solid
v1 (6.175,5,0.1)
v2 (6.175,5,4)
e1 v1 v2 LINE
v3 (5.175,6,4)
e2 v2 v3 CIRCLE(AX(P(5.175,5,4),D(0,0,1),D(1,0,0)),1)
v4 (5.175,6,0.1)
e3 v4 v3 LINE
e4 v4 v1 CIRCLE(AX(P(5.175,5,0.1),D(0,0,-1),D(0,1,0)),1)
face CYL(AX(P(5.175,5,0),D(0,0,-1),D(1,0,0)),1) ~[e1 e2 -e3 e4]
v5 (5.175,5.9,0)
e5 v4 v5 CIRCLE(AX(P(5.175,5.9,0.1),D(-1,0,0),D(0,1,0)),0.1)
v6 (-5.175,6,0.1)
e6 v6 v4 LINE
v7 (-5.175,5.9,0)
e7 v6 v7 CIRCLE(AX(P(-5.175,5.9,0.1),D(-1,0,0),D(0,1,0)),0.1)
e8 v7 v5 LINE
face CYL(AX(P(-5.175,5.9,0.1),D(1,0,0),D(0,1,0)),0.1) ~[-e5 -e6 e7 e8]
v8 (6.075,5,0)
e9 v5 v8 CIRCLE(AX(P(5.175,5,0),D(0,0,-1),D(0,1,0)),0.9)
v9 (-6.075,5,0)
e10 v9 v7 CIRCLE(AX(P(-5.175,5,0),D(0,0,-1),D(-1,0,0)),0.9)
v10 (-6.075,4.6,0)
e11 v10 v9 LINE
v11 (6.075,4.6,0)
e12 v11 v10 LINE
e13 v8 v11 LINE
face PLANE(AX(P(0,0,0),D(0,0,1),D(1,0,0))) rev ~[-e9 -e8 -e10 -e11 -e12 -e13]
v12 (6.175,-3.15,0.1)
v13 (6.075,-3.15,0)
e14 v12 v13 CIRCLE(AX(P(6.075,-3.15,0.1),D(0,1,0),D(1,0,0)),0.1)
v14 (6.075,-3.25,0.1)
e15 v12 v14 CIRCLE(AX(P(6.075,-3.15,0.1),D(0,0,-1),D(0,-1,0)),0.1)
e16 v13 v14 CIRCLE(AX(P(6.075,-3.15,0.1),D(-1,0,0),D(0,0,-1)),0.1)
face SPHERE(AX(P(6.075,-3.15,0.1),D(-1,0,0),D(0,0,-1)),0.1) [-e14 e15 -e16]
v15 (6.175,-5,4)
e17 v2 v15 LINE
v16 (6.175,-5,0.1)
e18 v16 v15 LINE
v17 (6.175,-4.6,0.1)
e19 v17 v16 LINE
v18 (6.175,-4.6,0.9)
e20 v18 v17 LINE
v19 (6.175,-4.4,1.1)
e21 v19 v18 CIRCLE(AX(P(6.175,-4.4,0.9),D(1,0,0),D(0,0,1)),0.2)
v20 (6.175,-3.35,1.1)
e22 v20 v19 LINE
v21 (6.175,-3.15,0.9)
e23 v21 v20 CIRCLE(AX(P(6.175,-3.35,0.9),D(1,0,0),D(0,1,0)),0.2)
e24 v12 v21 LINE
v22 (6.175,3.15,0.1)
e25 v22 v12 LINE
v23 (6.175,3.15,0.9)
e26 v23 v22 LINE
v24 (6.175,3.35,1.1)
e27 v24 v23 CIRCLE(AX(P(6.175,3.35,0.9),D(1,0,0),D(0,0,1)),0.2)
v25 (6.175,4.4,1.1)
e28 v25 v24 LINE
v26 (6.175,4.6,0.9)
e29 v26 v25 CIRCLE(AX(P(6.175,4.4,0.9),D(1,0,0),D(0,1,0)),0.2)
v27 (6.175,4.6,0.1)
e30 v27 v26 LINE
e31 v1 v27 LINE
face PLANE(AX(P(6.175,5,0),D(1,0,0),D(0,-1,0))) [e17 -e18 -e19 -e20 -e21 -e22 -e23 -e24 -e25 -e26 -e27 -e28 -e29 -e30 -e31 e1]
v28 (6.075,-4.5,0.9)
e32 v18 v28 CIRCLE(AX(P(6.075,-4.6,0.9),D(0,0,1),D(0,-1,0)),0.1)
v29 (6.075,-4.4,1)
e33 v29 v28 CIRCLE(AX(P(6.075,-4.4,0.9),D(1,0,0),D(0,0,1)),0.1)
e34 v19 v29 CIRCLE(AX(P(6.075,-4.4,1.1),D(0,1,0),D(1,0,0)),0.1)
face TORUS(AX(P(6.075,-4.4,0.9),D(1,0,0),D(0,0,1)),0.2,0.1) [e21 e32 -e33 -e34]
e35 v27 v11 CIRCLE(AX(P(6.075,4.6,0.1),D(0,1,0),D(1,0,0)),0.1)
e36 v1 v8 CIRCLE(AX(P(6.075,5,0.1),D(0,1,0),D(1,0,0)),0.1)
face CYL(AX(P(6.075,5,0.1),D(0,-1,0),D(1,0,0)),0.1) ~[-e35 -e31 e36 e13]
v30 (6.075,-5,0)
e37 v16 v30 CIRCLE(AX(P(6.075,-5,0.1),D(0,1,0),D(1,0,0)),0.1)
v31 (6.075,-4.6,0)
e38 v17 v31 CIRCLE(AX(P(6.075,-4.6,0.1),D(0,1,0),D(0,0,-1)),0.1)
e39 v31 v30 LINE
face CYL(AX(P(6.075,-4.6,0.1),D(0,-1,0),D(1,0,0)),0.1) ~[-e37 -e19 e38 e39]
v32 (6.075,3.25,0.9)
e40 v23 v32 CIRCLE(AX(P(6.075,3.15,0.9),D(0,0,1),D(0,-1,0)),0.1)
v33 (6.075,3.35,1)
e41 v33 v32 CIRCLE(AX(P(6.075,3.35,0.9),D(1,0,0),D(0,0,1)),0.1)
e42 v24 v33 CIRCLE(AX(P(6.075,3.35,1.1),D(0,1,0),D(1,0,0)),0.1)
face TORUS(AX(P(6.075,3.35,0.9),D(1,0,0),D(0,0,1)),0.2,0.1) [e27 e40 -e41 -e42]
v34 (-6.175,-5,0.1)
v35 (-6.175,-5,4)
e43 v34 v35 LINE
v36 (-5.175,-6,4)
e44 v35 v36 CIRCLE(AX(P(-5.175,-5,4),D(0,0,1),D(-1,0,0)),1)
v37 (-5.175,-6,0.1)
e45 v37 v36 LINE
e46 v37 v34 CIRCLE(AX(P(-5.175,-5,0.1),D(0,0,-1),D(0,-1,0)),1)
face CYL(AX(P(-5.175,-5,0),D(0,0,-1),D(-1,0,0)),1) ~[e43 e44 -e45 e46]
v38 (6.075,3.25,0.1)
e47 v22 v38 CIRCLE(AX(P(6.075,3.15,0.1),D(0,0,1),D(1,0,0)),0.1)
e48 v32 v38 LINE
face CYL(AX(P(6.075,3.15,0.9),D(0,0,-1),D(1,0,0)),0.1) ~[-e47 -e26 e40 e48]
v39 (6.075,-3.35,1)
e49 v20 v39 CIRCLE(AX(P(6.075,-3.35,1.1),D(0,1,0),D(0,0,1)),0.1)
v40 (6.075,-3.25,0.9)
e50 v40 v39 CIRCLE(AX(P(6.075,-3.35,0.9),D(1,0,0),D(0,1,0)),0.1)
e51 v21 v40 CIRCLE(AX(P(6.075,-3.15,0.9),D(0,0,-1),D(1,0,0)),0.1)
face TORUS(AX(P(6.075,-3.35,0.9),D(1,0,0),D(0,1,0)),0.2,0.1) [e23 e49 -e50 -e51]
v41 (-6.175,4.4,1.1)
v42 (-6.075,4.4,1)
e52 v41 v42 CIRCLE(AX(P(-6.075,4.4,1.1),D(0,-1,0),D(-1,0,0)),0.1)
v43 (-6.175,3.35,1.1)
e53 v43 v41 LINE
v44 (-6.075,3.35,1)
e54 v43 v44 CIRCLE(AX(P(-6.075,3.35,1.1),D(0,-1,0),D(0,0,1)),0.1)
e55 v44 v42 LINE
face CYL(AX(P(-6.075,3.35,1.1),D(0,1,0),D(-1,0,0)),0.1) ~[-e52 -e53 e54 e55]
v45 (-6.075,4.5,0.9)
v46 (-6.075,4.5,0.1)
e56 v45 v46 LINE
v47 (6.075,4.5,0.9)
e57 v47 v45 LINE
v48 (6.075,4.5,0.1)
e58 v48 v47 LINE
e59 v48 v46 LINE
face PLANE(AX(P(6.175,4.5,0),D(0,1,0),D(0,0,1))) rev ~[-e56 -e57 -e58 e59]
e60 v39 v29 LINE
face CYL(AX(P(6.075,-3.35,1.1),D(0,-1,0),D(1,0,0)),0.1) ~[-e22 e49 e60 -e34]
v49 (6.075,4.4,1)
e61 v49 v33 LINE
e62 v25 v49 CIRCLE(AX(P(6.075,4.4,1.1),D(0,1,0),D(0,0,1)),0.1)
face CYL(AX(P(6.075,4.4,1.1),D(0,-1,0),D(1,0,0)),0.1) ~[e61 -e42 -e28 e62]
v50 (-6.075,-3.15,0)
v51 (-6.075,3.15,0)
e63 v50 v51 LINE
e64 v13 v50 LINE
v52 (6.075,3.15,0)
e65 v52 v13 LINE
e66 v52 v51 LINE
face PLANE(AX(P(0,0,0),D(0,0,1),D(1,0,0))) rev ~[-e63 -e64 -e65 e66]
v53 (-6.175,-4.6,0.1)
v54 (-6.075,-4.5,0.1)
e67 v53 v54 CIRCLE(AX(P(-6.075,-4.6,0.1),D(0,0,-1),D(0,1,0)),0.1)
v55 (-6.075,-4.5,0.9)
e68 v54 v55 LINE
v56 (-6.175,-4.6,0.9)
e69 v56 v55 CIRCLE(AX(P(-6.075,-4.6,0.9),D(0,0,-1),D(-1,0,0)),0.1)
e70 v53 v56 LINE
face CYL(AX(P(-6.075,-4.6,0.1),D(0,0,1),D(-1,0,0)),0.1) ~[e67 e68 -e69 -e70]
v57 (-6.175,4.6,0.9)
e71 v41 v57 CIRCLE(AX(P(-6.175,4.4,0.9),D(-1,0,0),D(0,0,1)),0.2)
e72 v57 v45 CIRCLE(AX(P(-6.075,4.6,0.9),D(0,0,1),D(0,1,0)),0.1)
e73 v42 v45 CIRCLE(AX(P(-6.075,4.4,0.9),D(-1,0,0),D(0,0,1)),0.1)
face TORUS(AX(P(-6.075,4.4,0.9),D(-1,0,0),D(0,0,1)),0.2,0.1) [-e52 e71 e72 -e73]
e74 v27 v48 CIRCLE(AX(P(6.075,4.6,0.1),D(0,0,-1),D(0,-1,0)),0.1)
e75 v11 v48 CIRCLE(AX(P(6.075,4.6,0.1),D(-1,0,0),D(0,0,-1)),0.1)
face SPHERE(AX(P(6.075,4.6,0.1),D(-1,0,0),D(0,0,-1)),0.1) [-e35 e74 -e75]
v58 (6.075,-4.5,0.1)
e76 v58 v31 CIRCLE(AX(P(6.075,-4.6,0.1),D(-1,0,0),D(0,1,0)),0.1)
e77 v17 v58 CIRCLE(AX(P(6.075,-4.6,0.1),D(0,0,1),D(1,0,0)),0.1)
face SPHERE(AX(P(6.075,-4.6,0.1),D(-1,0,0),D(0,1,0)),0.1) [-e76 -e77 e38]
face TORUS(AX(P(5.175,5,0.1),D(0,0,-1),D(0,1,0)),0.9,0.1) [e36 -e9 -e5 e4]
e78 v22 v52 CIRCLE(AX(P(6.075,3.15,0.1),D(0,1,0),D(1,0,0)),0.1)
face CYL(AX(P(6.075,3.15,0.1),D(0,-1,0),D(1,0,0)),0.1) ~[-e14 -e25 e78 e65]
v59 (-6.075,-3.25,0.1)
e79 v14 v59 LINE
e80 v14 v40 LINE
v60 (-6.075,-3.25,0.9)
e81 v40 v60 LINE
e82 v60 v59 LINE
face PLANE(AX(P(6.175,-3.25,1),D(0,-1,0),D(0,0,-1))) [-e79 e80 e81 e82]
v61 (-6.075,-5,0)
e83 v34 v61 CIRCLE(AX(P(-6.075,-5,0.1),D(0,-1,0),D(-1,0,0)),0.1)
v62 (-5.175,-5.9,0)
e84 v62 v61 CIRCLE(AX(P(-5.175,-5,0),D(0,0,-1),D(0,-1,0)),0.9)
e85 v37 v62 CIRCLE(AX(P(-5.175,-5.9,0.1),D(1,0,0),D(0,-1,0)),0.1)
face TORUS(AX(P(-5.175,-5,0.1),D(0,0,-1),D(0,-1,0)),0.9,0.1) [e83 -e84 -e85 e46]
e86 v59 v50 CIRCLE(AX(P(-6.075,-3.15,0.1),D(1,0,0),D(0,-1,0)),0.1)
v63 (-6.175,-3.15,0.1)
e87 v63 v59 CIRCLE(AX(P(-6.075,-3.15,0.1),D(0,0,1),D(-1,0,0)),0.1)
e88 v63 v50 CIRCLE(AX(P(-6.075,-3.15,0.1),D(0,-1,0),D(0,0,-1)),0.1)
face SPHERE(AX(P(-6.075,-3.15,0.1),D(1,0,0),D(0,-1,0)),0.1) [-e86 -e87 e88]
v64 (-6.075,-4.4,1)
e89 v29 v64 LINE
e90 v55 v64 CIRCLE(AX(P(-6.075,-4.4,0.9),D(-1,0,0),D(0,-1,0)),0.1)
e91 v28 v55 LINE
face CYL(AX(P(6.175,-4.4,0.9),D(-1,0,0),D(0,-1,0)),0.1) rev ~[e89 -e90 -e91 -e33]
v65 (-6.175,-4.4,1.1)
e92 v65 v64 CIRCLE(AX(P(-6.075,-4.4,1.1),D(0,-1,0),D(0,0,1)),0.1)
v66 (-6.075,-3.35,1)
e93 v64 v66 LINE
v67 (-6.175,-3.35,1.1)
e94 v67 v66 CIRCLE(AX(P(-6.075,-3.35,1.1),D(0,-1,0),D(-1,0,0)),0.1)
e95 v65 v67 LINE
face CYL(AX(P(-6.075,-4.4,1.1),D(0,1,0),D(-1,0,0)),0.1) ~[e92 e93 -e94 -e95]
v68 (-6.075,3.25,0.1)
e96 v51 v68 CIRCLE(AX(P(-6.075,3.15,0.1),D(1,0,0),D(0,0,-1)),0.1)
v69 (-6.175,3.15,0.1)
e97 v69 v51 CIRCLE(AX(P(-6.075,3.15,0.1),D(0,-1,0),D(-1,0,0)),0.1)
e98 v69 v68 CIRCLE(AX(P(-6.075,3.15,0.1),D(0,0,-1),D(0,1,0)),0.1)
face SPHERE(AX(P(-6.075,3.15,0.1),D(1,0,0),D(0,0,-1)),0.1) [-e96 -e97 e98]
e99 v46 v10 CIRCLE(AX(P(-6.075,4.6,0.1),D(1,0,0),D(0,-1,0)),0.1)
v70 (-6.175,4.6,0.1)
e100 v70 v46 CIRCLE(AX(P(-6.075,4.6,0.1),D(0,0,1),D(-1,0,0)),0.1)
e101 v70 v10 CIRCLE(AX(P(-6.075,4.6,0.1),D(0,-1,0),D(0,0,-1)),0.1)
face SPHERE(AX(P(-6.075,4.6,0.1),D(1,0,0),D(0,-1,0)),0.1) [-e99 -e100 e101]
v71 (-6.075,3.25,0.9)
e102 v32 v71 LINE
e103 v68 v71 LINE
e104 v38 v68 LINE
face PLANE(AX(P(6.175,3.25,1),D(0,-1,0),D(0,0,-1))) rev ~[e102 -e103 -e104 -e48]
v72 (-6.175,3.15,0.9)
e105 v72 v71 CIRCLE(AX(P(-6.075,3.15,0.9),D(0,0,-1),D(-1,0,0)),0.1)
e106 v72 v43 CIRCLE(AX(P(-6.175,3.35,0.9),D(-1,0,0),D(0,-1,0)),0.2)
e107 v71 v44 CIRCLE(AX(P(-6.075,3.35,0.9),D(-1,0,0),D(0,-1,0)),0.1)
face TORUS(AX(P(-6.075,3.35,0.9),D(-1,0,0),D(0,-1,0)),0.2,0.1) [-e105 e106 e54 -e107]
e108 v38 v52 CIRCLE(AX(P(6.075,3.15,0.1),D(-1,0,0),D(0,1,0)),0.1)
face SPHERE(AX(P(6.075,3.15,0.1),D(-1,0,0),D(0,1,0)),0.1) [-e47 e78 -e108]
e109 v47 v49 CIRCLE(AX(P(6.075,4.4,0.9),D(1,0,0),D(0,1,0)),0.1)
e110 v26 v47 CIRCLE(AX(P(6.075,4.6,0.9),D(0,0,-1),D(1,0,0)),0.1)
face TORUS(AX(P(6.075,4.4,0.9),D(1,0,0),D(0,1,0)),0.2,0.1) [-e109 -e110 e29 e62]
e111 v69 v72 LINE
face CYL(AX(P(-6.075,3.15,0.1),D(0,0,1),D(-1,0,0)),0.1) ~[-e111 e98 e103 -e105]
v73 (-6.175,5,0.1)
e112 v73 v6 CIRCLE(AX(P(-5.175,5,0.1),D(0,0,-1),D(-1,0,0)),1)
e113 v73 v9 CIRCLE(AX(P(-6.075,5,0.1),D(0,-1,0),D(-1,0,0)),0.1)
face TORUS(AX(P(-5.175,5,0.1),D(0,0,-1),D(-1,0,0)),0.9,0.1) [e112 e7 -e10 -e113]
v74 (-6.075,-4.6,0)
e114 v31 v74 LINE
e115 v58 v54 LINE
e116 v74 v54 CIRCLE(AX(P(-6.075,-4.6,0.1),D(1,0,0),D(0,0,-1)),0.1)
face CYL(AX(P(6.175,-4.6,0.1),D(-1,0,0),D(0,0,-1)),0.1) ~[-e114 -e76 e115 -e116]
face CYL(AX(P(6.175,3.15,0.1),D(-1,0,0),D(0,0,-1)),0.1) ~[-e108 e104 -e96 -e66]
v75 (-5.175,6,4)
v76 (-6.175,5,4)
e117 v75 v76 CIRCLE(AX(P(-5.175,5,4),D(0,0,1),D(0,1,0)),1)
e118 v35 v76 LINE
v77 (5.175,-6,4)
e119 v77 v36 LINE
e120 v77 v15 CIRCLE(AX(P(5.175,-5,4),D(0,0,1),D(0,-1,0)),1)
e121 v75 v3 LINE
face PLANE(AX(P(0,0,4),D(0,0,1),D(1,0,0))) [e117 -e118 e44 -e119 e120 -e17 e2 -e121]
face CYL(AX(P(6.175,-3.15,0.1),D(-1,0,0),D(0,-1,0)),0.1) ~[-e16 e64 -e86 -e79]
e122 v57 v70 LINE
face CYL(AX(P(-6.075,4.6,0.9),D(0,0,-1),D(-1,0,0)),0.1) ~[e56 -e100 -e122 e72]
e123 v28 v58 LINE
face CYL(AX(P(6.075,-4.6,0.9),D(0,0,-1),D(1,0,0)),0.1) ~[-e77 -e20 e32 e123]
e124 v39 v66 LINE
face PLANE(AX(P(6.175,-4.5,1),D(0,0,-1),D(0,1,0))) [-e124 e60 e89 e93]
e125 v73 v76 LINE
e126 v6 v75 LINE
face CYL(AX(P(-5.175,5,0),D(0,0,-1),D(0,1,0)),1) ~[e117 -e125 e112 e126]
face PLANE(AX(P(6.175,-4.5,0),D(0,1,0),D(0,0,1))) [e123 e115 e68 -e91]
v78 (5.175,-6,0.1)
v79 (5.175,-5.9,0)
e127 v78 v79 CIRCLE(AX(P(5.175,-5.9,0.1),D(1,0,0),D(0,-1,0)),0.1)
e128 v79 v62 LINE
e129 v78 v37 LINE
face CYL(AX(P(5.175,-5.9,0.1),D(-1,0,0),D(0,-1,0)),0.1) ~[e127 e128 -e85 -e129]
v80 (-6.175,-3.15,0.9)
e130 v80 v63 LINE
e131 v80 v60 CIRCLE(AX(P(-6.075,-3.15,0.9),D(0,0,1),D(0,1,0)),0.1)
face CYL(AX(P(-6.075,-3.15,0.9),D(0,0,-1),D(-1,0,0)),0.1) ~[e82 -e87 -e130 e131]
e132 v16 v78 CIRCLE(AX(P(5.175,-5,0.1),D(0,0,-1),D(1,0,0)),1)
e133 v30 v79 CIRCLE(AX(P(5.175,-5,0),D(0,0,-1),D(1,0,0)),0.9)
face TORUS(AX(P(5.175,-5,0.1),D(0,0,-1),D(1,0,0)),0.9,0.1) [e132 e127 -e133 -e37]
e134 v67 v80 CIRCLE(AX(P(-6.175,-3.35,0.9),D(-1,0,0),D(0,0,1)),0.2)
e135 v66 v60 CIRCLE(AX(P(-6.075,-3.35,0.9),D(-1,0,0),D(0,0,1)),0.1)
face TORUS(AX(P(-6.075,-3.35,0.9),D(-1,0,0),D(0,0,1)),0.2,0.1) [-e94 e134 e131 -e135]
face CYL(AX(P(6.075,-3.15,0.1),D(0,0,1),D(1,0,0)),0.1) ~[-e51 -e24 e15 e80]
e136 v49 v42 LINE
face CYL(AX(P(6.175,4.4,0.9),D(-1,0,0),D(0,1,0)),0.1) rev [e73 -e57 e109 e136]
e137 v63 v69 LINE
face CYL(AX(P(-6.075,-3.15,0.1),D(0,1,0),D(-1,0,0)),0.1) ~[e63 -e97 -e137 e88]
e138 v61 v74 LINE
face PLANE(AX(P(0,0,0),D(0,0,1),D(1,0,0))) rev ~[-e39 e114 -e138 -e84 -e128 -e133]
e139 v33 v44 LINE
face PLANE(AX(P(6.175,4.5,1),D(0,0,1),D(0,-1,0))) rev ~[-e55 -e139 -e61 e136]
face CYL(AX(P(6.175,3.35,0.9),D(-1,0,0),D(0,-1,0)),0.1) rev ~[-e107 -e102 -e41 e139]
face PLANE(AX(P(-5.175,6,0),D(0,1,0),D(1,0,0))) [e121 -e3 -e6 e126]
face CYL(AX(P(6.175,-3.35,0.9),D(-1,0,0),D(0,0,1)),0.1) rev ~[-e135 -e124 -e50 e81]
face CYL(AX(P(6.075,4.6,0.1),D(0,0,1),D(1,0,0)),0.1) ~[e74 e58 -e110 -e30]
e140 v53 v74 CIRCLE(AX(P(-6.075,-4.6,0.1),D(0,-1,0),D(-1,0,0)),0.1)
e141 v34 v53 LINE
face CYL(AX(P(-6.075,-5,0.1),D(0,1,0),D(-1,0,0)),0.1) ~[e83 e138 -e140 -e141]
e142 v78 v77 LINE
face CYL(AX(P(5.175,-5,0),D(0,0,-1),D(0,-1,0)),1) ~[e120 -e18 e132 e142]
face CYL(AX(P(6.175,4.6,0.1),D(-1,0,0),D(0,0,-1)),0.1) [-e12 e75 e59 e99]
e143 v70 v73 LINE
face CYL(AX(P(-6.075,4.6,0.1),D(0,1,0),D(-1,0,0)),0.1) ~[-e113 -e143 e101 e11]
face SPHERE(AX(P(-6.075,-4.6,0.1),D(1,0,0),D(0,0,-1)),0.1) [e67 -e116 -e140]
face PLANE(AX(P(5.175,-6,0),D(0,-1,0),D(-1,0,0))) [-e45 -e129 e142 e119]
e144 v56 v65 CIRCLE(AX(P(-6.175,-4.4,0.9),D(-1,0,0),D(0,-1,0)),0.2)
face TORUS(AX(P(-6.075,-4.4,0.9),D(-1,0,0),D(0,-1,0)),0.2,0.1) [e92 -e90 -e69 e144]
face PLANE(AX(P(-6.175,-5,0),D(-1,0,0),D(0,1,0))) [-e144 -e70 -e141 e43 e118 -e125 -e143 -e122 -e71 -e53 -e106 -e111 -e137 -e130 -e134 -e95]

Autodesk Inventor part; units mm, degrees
ref_plane "YZ Plane" through (0, 0, 0) normal (1, 0, 0) x (0, 1, 0)
ref_plane "XZ Plane" through (0, 0, 0) normal (0, 1, 0) x (-1, 0, 0)
ref_plane "XY Plane" through (0, 0, 0) normal (0, 0, 1) x (1, 0, 0)
sketch "Sketch1" plane through (0, 0, 0) normal (0, 0, 1) x (1, 0, 0)
  line L0 (-5.175, 6) -> (5.175, 6)
  line L1 (6.175, 5) -> (6.175, -5)
  line L2 (5.175, -6) -> (-5.175, -6)
  line L3 (-6.175, -5) -> (-6.175, 5)
  arc A0 (-5.175, 6) -> (-6.175, 5) centre (-5.175, 5) ccw
  arc A1 (6.175, 5) -> (5.175, 6) centre (5.175, 5) ccw
  arc A2 (-6.175, -5) -> (-5.175, -6) centre (-5.175, -5) ccw
  arc A3 (5.175, -6) -> (6.175, -5) centre (5.175, -5) ccw
  point P0 (0, 0)
  point P1 (0, 6)
  point P2 (-6.175, 0)
  dimension "d0" = 12.35
  dimension "d1" = 12
  dimension "d2" = 1
extrude "Extrusion1" add sketch "Sketch1" along normal blind 4
sketch "Sketch2" plane through (6.175, -5, 0) normal (1, 0, 0) x (0, 0, -1)
  line L0 (0, 10) -> (0, 0) projected
  line L1 (0, 9.5) -> (-1, 9.5)
  line L2 (-1, 9.5) -> (-1, 8.25)
  line L3 (-1, 8.25) -> (0, 8.25)
  line L4 (0, 8.25) -> (0, 9.5)
  line L5 (0, 0.5) -> (-1, 0.5)
  line L6 (-1, 0.5) -> (-1, 1.75)
  line L7 (-1, 1.75) -> (0, 1.75)
  line L8 (0, 1.75) -> (0, 0.5)
  point P0 (0, 5)
  dimension "d5" = 1.25
  dimension "d6" = 1.25
  dimension "d11" = 1
  dimension "d12" = 1
extrude "Extrusion2" cut sketch "Sketch2" against normal through all
fillet "Fillet1" radius 0.1 8 edges at (0, -4.5, 0) (0, -4.5, 1) (0, -3.25, 1) (0, -3.25, 0) (0, 3.25, 1) (0, 4.5, 1) (0, 4.5, 0) (0, 3.25, 0)
fillet "Fillet2" radius 0.1 40 edges at (6.175, 0, 0) (6.175, -3.2207, 0.0293) (6.175, -3.25, 0.5) (6.175, -3.2793, 0.9707) (6.175, -3.875, 1) (6.175, -4.4707, 0.9707) (6.175, -4.5, 0.5) (6.175, -4.5293, 0.0293) (6.175, -4.8, 0) (5.8821, -5.7071, 0) (0, -6, 0) (-5.8821, -5.7071, 0) (-6.175, -4.8, 0) (-6.175, -4.5293, 0.0293) (-6.175, -4.5, 0.5) (-6.175, -4.4707, 0.9707) (-6.175, -3.875, 1) (-6.175, -3.2793, 0.9707) (-6.175, -3.25, 0.5) (-6.175, -3.2207, 0.0293) (-6.175, 0, 0) (-6.175, 3.2207, 0.0293) (-6.175, 3.25, 0.5) (-6.175, 3.2793, 0.9707) (-6.175, 3.875, 1) (-6.175, 4.4707, 0.9707) (-6.175, 4.5, 0.5) (-6.175, 4.5293, 0.0293) (-6.175, 4.8, 0) (-5.8821, 5.7071, 0) (0, 6, 0) (5.8821, 5.7071, 0) (6.175, 4.8, 0) (6.175, 4.5293, 0.0293) (6.175, 4.5, 0.5) (6.175, 4.4707, 0.9707) (6.175, 3.875, 1) (6.175, 3.2793, 0.9707) (6.175, 3.25, 0.5) (6.175, 3.2207, 0.0293)
equation "\"d6\" = d5"
equation "\"d12\" = d11"
properties part number "12mm Incremental Encoder Base"
